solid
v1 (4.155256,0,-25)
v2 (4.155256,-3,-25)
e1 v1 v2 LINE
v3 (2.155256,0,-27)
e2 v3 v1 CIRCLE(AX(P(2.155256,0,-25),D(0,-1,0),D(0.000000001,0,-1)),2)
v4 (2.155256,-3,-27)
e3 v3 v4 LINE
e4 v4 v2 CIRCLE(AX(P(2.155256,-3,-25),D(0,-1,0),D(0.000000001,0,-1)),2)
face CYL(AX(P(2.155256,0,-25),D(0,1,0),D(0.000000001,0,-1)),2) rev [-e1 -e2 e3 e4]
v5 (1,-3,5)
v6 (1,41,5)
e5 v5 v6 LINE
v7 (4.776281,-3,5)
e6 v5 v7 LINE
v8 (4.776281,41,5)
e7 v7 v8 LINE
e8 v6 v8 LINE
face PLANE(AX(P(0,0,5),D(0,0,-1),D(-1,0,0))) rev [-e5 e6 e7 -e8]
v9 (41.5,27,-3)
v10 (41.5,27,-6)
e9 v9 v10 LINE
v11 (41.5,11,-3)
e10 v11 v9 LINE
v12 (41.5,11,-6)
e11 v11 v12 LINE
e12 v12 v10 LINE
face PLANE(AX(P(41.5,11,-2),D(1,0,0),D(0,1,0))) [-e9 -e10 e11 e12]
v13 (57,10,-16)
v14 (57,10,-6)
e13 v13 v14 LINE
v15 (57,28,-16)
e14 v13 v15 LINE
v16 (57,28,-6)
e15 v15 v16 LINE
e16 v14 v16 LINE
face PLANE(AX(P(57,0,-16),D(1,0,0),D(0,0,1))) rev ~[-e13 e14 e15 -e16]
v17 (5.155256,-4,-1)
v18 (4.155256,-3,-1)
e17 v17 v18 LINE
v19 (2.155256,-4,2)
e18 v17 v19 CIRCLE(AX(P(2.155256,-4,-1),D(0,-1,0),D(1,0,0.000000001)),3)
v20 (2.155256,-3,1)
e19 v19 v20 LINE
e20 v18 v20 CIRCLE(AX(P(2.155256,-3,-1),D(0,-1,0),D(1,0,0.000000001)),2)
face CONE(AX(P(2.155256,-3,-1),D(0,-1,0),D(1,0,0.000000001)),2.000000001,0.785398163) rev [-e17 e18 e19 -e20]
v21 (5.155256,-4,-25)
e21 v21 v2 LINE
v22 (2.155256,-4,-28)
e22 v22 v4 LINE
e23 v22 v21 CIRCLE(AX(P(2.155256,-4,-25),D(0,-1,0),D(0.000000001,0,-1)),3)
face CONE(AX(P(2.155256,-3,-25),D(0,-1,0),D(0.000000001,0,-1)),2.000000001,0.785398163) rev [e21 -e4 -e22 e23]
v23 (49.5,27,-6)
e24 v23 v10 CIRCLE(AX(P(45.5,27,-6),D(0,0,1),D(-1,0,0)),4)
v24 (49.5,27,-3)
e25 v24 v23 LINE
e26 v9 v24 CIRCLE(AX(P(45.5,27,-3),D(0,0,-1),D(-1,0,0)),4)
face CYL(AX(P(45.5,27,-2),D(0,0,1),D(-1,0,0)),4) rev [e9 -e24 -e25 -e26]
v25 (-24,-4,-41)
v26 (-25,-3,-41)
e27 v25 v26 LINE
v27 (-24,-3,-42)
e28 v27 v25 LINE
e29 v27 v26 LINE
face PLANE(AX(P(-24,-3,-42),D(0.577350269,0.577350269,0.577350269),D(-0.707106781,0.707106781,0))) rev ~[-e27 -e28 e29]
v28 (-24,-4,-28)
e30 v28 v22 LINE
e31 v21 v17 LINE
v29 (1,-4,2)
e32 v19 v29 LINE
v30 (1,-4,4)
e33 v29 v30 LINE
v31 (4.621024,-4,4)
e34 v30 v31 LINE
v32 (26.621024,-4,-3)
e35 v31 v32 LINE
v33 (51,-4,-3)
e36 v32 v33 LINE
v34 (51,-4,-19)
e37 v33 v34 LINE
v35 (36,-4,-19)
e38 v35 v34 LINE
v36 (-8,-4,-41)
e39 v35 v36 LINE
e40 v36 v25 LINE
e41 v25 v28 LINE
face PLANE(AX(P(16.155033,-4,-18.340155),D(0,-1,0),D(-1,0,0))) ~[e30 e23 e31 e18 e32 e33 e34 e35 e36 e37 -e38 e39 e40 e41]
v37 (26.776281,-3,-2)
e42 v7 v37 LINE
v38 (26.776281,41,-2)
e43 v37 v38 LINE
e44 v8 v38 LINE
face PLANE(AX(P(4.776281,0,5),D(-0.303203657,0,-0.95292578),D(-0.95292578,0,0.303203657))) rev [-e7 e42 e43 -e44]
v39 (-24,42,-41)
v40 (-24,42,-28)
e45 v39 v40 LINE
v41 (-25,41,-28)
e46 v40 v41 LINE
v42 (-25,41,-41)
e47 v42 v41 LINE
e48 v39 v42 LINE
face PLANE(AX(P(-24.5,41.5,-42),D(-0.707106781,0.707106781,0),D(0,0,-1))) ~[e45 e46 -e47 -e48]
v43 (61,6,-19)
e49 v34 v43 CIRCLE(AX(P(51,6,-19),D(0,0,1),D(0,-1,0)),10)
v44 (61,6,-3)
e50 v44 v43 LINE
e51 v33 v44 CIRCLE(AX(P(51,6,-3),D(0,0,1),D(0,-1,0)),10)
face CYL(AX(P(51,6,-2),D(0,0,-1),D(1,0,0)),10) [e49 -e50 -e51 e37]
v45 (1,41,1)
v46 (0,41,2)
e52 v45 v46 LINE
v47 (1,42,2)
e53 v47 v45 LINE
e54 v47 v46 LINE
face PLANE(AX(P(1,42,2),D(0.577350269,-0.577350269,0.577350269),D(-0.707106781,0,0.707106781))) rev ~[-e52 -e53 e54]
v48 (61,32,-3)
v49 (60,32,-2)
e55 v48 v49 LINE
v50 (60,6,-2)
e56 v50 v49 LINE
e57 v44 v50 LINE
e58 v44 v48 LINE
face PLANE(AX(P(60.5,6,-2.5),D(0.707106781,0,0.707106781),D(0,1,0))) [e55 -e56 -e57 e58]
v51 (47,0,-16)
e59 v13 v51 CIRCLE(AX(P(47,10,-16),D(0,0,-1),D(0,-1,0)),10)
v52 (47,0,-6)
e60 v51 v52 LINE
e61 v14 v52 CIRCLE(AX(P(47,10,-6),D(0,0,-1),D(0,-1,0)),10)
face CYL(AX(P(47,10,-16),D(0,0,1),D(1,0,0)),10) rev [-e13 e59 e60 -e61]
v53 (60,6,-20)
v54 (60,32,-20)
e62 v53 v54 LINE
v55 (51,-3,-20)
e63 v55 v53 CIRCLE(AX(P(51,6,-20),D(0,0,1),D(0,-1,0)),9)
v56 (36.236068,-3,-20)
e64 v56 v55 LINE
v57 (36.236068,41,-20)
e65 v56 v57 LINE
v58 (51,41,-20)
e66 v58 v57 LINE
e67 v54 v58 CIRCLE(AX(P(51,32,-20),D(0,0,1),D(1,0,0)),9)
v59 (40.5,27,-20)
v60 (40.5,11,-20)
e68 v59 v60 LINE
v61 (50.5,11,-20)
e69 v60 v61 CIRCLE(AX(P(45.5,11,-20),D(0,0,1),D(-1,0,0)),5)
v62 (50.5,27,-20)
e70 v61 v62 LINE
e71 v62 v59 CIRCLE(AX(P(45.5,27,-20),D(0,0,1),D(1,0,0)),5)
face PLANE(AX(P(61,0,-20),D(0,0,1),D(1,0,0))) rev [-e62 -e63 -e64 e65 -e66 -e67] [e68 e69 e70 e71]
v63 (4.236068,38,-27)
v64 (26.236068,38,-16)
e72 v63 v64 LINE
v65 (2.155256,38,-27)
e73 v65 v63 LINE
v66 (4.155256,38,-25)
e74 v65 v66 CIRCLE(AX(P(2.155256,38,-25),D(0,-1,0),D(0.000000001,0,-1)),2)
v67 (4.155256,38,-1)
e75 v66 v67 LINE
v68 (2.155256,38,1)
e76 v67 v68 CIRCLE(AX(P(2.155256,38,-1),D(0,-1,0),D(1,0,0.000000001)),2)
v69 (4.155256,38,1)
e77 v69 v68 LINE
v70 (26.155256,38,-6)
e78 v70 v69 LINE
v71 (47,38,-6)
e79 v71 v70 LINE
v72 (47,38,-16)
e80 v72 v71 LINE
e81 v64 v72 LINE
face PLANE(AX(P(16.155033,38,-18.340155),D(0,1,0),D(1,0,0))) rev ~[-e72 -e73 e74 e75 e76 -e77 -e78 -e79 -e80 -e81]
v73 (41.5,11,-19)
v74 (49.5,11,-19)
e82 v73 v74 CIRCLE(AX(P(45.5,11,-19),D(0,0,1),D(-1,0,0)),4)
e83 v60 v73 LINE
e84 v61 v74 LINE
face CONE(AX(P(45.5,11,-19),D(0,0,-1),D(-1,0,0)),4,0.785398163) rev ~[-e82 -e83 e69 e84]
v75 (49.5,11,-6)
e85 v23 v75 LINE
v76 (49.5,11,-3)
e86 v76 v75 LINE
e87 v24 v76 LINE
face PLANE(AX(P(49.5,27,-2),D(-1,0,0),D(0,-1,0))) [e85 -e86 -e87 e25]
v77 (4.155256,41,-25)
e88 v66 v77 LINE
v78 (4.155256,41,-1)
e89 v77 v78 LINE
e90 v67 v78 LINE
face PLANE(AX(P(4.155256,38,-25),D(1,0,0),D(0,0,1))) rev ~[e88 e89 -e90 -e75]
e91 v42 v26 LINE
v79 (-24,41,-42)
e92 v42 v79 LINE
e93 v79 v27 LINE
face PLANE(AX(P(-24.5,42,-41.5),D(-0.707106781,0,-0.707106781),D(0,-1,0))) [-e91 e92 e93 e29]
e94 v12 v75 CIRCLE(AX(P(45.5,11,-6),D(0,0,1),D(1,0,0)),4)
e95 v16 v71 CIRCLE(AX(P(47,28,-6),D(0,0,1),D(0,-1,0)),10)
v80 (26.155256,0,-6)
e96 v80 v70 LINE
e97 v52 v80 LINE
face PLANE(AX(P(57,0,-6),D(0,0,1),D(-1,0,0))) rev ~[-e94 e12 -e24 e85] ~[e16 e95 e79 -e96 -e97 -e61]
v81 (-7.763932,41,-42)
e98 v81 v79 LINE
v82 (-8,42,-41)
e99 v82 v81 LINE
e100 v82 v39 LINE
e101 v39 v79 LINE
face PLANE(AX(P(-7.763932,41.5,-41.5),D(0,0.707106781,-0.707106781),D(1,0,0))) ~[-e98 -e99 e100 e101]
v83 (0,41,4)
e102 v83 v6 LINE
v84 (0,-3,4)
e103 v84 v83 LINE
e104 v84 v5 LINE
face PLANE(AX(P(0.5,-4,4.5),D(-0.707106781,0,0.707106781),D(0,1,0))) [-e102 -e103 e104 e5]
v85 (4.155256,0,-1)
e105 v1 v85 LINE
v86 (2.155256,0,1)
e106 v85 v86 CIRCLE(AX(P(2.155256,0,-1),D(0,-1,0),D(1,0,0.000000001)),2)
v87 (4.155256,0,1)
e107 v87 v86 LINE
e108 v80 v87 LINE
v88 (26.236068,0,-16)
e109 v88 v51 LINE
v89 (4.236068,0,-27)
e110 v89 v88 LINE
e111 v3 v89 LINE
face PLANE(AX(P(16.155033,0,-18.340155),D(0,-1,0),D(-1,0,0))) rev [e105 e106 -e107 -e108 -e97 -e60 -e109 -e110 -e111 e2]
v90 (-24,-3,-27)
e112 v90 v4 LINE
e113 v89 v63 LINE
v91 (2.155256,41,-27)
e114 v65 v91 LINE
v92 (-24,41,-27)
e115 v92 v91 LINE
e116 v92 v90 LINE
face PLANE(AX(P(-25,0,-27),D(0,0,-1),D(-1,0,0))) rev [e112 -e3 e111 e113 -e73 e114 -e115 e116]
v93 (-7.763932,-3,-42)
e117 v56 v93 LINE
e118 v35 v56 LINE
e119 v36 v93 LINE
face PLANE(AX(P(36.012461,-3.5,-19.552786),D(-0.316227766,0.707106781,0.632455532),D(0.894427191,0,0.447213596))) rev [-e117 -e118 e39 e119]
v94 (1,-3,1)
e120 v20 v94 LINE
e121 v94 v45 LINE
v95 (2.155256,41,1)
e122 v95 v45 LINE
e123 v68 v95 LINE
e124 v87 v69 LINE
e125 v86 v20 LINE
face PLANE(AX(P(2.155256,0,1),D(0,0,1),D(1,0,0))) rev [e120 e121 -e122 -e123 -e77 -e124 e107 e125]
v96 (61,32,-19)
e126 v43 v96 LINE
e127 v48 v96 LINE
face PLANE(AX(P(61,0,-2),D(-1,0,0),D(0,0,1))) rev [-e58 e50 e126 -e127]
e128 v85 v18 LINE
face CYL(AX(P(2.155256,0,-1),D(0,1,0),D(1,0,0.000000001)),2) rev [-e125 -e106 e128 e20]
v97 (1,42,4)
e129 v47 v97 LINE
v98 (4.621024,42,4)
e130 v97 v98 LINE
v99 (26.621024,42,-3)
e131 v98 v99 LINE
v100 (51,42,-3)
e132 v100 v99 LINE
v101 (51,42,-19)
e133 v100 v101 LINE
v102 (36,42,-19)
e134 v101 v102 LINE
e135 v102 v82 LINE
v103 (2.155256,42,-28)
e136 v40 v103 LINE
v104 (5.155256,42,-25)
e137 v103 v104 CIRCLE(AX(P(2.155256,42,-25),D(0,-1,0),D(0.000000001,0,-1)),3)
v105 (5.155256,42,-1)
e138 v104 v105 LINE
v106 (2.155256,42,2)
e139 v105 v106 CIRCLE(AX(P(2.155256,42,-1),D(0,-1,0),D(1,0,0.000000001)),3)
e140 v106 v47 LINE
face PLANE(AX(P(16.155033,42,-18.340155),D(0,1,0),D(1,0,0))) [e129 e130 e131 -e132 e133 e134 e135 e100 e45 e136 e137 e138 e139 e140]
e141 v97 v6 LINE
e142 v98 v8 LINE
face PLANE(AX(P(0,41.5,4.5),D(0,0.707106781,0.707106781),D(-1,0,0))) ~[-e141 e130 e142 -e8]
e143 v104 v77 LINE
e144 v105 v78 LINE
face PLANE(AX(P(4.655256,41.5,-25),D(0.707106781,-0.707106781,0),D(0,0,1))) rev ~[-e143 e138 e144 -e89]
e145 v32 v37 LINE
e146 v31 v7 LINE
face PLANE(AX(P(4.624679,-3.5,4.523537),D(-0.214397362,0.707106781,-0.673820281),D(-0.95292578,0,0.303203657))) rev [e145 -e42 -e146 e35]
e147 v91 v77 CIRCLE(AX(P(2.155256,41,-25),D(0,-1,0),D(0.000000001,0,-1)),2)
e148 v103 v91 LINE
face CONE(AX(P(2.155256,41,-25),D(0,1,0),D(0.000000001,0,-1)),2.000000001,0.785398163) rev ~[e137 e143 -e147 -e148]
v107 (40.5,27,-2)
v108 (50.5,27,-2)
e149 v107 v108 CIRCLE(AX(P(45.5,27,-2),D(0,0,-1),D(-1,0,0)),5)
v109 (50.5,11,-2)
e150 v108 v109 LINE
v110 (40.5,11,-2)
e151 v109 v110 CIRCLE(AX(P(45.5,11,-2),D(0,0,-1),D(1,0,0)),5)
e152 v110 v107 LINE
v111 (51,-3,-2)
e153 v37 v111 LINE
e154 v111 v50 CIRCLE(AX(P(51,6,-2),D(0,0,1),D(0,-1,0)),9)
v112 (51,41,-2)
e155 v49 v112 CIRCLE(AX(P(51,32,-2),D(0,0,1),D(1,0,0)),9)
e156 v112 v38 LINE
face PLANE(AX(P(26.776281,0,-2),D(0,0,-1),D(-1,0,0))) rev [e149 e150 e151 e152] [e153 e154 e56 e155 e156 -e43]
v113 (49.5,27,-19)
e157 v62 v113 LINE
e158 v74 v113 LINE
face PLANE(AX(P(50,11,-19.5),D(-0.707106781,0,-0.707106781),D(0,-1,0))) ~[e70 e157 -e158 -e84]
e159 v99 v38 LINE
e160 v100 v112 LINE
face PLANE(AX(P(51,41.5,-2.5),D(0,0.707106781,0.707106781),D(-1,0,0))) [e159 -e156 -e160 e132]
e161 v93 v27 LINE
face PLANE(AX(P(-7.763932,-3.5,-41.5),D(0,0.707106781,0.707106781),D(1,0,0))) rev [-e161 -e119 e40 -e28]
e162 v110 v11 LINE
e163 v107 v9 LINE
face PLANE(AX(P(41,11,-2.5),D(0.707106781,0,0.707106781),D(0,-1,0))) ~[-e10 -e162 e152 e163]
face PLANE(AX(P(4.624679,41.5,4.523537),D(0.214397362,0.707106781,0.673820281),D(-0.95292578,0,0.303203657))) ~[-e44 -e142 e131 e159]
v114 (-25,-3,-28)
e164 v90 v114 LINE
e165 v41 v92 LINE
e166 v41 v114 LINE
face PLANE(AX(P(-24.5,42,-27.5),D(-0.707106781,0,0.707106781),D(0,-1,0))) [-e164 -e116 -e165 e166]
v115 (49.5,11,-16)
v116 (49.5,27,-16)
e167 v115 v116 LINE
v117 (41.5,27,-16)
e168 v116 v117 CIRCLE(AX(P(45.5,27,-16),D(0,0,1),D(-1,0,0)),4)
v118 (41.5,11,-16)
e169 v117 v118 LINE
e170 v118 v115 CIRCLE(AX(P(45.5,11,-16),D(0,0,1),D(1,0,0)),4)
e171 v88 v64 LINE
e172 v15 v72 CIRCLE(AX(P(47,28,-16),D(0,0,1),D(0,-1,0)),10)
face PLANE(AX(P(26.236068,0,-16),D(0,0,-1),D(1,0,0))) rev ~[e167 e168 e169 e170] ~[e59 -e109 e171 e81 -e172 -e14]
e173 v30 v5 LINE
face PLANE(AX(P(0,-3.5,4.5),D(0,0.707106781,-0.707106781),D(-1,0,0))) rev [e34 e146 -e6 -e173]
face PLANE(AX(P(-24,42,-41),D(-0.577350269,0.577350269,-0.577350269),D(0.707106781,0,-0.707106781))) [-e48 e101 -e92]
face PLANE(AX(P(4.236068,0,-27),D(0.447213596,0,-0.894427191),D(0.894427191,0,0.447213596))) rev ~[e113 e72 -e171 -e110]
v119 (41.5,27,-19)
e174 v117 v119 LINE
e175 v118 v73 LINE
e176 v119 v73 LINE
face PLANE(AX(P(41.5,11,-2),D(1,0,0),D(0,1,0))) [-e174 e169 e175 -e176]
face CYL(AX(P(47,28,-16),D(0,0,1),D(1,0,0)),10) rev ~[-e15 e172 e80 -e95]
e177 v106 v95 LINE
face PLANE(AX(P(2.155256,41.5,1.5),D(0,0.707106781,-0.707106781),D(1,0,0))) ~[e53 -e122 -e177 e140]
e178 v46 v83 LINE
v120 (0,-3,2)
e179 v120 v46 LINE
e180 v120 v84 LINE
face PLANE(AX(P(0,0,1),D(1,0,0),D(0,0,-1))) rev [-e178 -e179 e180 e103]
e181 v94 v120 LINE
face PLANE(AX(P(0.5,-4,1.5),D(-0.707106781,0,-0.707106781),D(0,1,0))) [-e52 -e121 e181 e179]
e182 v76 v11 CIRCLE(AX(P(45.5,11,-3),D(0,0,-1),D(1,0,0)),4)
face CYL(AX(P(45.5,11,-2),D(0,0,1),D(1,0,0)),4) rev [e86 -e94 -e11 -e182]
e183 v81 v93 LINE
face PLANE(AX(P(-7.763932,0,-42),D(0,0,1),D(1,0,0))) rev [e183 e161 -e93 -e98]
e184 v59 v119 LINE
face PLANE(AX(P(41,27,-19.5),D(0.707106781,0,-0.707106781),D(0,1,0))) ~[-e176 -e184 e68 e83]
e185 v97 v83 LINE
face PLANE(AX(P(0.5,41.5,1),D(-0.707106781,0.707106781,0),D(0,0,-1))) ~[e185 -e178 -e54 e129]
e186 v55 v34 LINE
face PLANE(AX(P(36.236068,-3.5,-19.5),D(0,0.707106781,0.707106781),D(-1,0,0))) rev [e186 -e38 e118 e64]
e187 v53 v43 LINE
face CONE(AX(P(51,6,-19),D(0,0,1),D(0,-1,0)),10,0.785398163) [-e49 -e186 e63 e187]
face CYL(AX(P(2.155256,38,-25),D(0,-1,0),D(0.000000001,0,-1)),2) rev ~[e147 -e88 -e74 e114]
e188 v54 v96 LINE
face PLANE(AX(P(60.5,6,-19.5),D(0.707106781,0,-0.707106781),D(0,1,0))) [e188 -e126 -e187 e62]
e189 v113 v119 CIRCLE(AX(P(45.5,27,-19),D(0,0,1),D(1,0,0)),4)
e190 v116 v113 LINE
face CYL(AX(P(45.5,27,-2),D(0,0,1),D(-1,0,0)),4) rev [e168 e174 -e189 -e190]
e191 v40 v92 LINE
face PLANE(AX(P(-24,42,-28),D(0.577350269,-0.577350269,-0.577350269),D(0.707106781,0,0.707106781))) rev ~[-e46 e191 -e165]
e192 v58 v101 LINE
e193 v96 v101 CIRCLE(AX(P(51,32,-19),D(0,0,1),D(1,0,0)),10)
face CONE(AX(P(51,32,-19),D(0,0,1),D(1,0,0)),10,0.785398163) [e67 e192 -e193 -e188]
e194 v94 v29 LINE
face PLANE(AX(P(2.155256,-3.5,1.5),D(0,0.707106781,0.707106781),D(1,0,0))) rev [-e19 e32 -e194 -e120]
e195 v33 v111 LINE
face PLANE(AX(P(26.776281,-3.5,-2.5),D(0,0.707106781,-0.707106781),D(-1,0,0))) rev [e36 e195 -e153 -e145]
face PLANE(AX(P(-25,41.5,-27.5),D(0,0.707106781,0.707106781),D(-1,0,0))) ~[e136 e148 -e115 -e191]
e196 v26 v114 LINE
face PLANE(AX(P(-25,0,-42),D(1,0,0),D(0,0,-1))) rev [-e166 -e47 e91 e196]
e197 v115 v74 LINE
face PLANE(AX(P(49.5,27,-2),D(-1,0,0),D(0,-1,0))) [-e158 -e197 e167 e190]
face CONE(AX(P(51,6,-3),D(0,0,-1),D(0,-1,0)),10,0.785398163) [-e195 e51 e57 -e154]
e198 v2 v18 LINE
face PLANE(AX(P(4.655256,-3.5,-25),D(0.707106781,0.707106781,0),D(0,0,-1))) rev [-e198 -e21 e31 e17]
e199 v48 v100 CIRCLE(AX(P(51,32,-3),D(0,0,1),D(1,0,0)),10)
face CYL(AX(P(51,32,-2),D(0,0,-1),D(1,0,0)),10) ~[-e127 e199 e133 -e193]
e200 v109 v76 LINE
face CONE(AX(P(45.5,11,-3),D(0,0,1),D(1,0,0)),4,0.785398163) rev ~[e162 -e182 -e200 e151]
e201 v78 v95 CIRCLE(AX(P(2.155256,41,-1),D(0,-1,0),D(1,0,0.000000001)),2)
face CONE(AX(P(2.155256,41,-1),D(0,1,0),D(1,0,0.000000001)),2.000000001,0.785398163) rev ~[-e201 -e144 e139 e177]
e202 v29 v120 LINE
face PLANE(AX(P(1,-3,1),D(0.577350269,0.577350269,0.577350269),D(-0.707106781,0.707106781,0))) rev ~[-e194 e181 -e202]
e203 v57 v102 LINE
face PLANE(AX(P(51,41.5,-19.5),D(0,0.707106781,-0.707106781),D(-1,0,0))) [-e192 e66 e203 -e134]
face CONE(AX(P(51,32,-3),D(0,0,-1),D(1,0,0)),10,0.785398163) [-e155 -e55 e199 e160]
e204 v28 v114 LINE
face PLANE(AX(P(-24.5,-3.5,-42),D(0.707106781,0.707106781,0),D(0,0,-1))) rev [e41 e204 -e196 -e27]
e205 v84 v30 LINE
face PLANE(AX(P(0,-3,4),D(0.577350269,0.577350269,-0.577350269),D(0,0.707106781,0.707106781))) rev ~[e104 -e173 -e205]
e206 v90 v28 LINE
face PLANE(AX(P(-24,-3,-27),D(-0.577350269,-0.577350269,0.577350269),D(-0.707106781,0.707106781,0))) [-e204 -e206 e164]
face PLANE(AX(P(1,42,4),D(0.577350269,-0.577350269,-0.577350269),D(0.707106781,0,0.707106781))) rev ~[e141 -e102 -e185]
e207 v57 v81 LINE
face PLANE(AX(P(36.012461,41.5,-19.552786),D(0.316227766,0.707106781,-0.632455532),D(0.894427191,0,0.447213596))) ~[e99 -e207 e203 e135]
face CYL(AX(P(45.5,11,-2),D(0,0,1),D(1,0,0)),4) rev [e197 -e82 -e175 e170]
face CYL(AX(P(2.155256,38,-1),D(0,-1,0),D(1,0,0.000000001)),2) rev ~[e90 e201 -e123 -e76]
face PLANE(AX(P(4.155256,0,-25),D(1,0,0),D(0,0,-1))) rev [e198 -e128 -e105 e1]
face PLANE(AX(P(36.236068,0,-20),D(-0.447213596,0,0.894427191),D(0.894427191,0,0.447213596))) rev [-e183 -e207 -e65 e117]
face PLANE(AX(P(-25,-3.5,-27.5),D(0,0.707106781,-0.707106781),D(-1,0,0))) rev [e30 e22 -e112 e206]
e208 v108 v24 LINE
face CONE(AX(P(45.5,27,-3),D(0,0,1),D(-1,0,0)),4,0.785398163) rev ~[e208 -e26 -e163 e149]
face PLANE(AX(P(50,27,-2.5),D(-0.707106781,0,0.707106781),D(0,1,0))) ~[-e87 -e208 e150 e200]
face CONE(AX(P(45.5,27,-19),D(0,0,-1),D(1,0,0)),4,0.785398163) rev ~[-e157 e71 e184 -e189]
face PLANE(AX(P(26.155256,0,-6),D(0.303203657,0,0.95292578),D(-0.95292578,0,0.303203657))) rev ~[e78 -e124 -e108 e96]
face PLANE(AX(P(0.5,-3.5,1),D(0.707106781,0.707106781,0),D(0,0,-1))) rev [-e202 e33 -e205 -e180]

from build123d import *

# Parameters (mm, degrees)
CREATE_INTERNAL_GEOMETRY_DEPTH = 38
CUT_SHACKLE_HOLE_DEPTH         = 83.24962006
CAP_TOP_END_DEPTH              = 4
ROUND_CORNERS_R                = 10
UNNECESSARY_CHAMFERS_SIZE      = 1


with BuildPart() as part:
    # Sketch2 → Create internal geometry (new body)
    with BuildSketch(Plane(origin=(0, 0, 0), x_dir=(1, 0, 0), z_dir=(0, 1, 0))):
        Polygon((36.236067977, 20), (-7.763932023, 42), (-25, 42), (-25, 27), (4.236067977, 27), (26.236067977, 16), (57, 16), (57, 6), (26.155256109, 6), (4.155256109, -1), (0, -1), (0, -5), (4.776280544, -5), (26.776280544, 2), (61, 2), (61, 20), align=None)
    extrude(amount=CREATE_INTERNAL_GEOMETRY_DEPTH)

    # Sketch4 → Cut shackle hole (cut, through all)
    with BuildSketch(Plane.XY.offset(-2)):
        with BuildLine():
            Line((49.5, 27), (49.5, 11))
            ThreePointArc((49.5, 11), (45.5, 7), (41.5, 11))
            Line((41.5, 11), (41.5, 27))
            ThreePointArc((41.5, 27), (45.5, 31), (49.5, 27))
        make_face()
    extrude(amount=-CUT_SHACKLE_HOLE_DEPTH, mode=Mode.SUBTRACT)

    # Sketch3 → Cap top end (add)
    with BuildSketch(Plane(origin=(0, 38, 0), x_dir=(1, 0, 0), z_dir=(0, 1, 0))):
        with BuildLine():
            Line((-25, 27), (2.155256109, 27))
            ThreePointArc((2.155256109, 27), (3.569469671, 26.414213562), (4.155256109, 25))
            Line((4.155256109, 25), (4.155256109, 1))
            ThreePointArc((4.155256109, 1), (3.569469671, -0.414213562), (2.155256109, -1))
            Line((2.155256109, -1), (0, -1))
            Line((0, -1), (0, -5))
            Line((0, -5), (4.776280544, -5))
            Line((4.776280544, -5), (26.776280544, 2))
            Line((26.776280544, 2), (61, 2))
            Line((61, 2), (61, 20))
            Line((61, 20), (36.236067977, 20))
            Line((36.236067977, 20), (-7.763932023, 42))
            Line((-7.763932023, 42), (-25, 42))
            Line((-25, 42), (-25, 27))
        make_face()
    cap_top_end = extrude(amount=CAP_TOP_END_DEPTH)

    # Mirror top cap to bottom: Cap top end across plane
    add(cap_top_end.mirror(Plane.ZX.offset(19)))

    # Round corners
    round_corners_edges = [part.edges().sort_by_distance(p)[0] for p in [
        (61, -4, -11),
        (57, 0, -11),
        (57, 38, -11),
        (61, 42, -11),
    ]]
    fillet(round_corners_edges, radius=ROUND_CORNERS_R)

    # Unnecessary chamfers
    unnecessary_chamfers_edges = [part.edges().sort_by_distance(p)[0] for p in [
        (-25, -4, -34.5),
        (-16.381966011, -4, -42),
        (14.236067977, -4, -31),
        (38.888140272, -4, -2),
        (15.776280544, -4, 1.5),
        (2.388140272, -4, 5),
        (0, -4, 3),
        (1.077628054, -4, 1),
        (3.569469671, -4, 0.414213562),
        (4.155256109, -4, -13),
        (3.569469671, -4, -26.414213562),
        (-11.422371946, -4, -27),
        (43.618033989, 42, -20),
        (61, 19, -20),
        (43.618033989, -4, -20),
        (58.071067812, -1.071067812, -20),
        (58.071067812, 39.071067812, -20),
        (61, 19, -2),
        (58.071067812, -1.071067812, -2),
        (58.071067812, 39.071067812, -2),
        (0, 19, 1),
        (-25, 19, -27),
        (-25, 19, -42),
        (0, 19, 5),
        (45.5, 31, -20),
        (49.5, 19, -20),
        (45.5, 7, -20),
        (41.5, 19, -20),
        (45.5, 31, -2),
        (41.5, 19, -2),
        (45.5, 7, -2),
        (49.5, 19, -2),
        (-25, 42, -34.5),
        (-11.422371946, 42, -27),
        (3.569469671, 42, -26.414213562),
        (4.155256109, 42, -13),
        (3.569469671, 42, 0.414213562),
        (1.077628054, 42, 1),
        (0, 42, 3),
        (2.388140272, 42, 5),
        (15.776280544, 42, 1.5),
        (38.888140272, 42, -2),
        (14.236067977, 42, -31),
        (-16.381966011, 42, -42),
    ]]
    chamfer(unnecessary_chamfers_edges, length=UNNECESSARY_CHAMFERS_SIZE)


solid = part.part
